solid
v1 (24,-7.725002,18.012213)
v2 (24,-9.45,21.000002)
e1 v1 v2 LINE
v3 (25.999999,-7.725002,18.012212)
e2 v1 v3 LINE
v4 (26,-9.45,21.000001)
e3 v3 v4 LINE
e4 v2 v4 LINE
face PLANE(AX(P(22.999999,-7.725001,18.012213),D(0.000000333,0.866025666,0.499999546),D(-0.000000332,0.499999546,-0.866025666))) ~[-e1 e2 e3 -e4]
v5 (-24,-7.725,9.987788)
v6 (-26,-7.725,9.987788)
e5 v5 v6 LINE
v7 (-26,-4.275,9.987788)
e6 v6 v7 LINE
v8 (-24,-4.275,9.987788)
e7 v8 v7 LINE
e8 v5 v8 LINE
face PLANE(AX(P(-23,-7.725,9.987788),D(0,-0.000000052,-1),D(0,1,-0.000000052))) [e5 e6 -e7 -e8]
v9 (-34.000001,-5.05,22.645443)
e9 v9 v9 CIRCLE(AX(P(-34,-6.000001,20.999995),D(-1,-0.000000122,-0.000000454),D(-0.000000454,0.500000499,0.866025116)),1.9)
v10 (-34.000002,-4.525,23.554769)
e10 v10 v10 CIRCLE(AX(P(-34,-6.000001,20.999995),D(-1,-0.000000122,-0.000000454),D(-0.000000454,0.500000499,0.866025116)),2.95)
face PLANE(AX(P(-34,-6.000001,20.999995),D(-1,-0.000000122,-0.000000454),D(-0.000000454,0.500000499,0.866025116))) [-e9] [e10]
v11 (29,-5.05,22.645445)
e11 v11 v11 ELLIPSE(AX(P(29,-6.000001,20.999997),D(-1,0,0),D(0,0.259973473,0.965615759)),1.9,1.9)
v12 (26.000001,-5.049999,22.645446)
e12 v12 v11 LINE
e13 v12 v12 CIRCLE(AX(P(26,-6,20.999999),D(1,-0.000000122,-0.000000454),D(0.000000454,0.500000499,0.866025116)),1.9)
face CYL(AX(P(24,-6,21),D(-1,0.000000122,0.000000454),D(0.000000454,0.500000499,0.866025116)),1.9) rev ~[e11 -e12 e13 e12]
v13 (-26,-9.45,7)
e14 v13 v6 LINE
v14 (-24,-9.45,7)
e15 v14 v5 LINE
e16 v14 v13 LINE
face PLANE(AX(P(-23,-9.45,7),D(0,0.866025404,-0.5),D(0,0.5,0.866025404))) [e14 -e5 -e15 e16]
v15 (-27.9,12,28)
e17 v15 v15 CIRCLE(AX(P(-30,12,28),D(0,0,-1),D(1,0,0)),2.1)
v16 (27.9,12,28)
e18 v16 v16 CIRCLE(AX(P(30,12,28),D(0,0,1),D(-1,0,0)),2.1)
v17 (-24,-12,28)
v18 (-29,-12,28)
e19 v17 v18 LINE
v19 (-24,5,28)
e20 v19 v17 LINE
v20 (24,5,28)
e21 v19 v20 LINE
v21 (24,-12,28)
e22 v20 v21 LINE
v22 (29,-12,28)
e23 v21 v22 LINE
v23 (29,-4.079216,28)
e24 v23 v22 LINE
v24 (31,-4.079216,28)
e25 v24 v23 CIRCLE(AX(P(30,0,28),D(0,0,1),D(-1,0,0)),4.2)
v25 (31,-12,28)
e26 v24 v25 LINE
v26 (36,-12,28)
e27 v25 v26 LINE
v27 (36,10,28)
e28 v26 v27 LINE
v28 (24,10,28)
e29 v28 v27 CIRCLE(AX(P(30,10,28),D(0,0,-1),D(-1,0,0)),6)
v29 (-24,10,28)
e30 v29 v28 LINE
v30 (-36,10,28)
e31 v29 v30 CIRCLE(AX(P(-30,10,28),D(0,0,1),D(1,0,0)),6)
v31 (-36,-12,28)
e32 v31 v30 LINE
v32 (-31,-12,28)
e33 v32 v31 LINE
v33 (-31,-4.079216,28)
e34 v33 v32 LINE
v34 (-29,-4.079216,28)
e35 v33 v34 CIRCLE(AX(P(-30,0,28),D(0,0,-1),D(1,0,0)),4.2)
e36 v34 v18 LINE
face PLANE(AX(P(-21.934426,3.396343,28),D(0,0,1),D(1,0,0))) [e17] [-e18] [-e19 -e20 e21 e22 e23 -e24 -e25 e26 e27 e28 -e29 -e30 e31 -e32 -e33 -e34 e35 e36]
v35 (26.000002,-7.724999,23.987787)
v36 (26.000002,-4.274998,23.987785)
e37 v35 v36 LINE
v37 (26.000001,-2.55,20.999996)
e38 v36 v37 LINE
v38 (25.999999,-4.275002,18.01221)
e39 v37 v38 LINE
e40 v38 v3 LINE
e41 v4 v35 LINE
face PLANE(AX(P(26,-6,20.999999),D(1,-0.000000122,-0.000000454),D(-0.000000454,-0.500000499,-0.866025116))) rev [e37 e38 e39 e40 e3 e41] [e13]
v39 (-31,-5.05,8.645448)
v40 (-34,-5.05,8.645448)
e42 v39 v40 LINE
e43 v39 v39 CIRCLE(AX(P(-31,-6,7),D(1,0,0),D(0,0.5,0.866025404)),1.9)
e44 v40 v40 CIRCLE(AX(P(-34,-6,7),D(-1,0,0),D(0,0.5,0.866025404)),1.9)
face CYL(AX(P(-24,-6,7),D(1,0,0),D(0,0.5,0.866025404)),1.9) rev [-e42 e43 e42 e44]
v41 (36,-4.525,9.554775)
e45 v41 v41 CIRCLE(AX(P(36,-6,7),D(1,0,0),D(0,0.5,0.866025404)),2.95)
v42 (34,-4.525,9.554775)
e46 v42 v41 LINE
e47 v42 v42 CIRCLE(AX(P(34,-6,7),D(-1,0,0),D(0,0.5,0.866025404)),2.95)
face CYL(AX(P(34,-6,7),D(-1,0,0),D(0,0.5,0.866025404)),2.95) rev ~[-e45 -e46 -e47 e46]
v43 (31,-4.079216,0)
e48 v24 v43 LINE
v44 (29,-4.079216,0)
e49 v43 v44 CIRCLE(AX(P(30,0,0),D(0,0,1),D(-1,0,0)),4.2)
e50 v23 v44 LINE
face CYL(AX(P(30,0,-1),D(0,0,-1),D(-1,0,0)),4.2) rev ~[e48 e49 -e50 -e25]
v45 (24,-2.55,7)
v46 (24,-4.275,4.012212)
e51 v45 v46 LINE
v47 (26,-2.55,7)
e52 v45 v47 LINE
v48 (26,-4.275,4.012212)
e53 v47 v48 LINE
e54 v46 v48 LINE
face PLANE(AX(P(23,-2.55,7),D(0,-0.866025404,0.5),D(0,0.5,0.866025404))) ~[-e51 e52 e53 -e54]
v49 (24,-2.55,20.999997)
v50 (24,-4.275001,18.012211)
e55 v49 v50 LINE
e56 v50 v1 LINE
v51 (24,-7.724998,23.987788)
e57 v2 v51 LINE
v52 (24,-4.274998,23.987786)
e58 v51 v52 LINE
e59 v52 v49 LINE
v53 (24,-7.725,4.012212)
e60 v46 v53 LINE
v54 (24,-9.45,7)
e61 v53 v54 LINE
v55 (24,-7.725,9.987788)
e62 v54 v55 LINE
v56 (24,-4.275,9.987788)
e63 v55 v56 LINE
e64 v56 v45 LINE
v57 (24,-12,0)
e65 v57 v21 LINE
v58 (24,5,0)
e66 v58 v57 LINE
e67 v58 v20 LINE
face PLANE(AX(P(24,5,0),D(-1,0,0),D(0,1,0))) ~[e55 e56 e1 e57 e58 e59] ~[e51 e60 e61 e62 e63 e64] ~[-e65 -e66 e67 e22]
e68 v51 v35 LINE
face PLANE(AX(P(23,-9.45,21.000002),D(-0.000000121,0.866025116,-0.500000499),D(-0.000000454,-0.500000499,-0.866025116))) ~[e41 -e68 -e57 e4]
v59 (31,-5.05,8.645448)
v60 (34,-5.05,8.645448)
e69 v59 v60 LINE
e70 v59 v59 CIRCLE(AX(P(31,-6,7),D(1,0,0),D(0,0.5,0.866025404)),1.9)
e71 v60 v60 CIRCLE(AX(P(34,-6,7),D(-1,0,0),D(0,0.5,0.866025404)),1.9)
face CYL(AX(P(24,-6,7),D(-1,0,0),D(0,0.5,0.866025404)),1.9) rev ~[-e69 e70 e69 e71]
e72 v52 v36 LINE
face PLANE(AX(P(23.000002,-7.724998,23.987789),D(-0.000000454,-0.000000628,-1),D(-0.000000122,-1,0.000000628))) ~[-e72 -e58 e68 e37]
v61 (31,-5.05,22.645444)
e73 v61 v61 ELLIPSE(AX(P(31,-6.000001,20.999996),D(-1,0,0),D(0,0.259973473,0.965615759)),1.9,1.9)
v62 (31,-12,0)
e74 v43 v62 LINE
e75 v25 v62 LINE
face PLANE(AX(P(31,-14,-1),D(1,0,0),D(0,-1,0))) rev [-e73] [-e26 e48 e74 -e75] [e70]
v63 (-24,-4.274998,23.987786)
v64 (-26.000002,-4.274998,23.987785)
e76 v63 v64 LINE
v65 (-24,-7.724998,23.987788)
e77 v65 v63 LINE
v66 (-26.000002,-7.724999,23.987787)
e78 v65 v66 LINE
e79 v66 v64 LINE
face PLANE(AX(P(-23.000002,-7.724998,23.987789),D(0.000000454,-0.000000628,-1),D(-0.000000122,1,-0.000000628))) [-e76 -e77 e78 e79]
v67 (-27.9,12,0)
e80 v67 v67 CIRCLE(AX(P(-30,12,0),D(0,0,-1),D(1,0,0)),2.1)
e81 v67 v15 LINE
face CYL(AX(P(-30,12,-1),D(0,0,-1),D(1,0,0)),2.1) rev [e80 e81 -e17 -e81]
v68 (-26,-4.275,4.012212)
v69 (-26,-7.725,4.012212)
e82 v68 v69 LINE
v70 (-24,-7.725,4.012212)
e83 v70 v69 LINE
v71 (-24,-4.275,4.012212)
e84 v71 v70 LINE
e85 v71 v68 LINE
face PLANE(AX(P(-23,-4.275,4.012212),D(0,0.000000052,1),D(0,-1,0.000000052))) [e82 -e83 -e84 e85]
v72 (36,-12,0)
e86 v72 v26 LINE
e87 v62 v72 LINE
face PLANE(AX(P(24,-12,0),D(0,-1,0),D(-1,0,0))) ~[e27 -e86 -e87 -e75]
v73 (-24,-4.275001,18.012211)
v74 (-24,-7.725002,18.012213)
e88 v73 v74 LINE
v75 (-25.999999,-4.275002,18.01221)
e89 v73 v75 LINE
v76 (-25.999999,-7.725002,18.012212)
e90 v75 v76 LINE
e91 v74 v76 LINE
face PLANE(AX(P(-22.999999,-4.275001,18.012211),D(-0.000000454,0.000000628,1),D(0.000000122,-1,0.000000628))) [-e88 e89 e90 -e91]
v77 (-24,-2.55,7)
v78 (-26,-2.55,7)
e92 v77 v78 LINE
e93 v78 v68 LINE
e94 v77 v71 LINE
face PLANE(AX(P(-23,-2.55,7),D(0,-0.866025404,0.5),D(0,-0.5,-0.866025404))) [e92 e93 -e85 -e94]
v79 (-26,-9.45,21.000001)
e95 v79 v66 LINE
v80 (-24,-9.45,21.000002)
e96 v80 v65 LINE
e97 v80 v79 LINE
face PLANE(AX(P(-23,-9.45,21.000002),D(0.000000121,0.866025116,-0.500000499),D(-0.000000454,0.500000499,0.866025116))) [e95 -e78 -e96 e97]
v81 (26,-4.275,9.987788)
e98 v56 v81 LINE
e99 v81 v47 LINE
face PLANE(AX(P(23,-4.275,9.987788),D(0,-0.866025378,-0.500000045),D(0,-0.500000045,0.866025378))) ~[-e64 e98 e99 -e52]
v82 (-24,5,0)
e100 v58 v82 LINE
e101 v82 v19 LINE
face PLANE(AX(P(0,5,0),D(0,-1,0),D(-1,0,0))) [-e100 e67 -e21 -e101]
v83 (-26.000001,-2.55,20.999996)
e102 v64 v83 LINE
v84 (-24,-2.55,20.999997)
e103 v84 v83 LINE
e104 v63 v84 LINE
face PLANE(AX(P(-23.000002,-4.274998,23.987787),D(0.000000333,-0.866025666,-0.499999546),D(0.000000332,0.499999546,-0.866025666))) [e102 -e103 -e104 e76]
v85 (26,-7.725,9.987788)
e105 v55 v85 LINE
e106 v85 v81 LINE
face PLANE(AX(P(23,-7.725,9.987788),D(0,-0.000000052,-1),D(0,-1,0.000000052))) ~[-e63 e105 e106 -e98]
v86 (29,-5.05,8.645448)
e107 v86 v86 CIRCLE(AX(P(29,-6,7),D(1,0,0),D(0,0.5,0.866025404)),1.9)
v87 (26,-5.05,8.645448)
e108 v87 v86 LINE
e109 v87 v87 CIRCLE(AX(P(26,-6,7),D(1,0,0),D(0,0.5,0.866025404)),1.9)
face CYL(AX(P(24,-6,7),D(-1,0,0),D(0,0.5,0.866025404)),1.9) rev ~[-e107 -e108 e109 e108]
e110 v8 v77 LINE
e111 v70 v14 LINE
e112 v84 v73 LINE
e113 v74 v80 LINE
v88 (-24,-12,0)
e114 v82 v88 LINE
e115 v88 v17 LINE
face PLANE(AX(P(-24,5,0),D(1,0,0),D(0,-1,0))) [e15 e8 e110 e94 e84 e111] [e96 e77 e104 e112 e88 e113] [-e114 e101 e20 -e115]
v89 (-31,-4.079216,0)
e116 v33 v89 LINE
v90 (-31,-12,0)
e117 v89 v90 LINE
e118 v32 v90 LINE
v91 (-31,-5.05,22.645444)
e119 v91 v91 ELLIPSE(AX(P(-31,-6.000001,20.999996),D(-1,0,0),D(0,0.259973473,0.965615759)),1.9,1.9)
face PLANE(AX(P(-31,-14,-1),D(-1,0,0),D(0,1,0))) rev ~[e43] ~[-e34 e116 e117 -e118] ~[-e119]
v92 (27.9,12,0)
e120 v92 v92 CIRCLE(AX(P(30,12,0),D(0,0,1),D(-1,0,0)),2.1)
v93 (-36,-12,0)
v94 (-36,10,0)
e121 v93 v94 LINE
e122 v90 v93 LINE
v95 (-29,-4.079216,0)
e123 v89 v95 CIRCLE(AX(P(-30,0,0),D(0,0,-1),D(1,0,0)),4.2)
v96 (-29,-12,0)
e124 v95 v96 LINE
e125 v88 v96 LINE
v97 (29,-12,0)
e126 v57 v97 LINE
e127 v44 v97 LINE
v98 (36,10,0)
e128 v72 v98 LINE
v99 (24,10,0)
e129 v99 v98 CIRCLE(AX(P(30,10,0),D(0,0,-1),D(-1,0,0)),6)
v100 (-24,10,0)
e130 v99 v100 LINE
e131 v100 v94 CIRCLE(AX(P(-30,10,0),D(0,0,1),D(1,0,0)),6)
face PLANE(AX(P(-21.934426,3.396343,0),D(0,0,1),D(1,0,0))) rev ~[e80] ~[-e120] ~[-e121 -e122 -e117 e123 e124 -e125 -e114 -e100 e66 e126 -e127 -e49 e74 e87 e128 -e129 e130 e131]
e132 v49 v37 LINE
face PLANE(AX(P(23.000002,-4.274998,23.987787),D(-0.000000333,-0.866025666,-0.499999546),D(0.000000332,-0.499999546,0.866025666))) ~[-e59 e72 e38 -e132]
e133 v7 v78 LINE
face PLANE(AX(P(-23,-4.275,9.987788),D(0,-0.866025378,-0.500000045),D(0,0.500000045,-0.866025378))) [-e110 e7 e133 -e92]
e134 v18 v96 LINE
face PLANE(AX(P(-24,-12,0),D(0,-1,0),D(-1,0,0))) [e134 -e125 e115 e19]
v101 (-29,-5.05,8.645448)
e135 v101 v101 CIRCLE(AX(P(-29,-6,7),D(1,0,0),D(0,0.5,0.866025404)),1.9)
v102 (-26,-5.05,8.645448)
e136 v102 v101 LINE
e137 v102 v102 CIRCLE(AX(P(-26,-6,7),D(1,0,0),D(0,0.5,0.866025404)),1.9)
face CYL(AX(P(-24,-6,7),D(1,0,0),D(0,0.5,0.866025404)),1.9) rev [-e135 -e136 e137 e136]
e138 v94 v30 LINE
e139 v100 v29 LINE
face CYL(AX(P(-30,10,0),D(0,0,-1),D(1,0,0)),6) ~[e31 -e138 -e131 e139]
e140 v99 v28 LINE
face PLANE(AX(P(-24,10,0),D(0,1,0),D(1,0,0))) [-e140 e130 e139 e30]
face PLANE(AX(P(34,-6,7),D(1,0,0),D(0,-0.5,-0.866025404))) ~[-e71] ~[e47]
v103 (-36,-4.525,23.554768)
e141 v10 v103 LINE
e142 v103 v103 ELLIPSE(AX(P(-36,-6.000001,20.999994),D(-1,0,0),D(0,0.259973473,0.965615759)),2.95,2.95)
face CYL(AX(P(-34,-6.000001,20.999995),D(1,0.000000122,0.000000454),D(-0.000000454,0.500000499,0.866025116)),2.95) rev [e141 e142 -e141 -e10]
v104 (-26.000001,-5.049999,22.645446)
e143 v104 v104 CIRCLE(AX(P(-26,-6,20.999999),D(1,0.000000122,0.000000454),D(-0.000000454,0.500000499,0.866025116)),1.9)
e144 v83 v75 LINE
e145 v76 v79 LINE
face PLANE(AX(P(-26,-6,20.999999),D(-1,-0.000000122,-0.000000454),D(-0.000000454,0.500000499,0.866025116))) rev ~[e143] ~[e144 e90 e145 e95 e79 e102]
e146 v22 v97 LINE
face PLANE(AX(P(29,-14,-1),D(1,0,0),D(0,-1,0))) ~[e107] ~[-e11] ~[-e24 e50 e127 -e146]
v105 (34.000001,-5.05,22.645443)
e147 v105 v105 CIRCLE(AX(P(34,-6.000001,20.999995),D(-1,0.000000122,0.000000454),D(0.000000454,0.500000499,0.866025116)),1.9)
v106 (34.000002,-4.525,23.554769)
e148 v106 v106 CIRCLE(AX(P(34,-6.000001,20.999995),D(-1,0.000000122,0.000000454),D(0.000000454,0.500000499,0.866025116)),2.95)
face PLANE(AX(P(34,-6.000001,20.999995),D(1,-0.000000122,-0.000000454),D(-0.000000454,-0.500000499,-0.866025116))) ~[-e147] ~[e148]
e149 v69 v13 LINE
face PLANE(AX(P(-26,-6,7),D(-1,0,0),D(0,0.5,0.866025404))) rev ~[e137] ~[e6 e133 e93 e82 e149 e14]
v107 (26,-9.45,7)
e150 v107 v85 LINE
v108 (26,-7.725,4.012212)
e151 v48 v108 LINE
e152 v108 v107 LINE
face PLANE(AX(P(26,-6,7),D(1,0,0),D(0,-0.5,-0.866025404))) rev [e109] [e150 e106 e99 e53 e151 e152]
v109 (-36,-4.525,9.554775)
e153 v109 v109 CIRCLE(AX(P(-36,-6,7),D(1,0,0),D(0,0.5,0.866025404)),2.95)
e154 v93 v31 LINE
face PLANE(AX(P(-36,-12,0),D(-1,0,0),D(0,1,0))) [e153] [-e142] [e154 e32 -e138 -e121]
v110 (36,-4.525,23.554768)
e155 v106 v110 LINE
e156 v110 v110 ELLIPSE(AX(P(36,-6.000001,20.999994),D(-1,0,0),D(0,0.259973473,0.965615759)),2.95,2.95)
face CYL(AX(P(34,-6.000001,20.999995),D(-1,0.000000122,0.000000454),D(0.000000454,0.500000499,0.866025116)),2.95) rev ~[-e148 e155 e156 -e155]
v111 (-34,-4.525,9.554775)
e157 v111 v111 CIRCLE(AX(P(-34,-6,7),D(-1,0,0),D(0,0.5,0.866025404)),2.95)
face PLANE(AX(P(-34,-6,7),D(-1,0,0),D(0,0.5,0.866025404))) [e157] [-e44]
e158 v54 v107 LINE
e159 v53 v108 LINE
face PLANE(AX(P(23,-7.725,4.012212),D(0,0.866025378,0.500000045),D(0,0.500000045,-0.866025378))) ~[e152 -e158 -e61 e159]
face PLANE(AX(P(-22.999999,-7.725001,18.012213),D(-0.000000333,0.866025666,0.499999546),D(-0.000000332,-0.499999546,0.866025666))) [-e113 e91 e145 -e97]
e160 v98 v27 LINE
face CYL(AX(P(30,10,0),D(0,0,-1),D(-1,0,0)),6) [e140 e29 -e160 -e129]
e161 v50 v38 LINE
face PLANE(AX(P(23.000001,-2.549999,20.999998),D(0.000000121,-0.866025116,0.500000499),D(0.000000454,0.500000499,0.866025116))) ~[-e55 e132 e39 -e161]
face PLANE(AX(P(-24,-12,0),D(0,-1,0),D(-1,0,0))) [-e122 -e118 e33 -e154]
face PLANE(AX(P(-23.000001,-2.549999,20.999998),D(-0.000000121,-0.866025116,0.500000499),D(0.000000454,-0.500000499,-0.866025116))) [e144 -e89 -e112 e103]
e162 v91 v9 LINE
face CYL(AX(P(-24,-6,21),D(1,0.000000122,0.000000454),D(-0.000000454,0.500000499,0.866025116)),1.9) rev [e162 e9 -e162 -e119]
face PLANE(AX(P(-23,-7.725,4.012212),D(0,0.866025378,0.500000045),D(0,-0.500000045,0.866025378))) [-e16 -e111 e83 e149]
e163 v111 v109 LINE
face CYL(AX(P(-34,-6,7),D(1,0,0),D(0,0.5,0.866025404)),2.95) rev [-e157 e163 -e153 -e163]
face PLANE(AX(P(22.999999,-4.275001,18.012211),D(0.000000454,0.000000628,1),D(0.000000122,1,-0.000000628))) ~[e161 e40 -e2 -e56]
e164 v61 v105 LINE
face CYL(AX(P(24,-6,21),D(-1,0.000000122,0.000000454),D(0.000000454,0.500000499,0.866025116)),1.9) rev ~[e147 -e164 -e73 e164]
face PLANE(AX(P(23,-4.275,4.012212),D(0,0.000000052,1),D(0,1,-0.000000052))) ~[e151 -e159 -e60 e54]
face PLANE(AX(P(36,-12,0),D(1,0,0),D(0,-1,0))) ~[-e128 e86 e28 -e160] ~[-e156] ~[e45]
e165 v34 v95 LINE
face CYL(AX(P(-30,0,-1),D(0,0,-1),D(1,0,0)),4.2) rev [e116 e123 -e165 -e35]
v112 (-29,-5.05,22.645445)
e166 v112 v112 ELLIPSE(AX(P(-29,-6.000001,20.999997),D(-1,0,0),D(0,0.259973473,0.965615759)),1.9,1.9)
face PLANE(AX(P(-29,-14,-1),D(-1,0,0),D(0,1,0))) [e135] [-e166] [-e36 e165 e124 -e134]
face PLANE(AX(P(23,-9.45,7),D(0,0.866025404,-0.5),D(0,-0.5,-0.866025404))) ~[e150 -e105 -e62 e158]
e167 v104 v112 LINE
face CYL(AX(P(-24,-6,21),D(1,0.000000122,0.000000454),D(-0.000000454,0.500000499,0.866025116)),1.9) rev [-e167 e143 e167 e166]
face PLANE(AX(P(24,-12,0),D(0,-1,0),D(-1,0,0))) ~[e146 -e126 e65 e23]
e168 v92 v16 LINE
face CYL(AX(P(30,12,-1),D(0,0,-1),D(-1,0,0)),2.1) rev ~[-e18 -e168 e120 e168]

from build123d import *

# Parameters (mm, degrees)
CYLINDER001_R          = 2.1
CYLINDER001_DEPTH      = 30
CYLINDER003_R          = 2.95
CYLINDER003_DEPTH      = 4
CYLINDER002_R          = 1.9
CYLINDER002_DEPTH      = 10
PRISM_DEPTH            = 3
FUSION_ROLL_ANGLE      = -90
FUSION_PITCH_ANGLE     = -60
FUSION_PLACEMENT_ANGLE = 90
CLONE_ROLL_ANGLE       = -3.3e-05
CLONE_PITCH_ANGLE      = -2.6e-05
CLONE_PLACEMENT_ANGLE  = 7e-06
SKETCH001_W            = 2
SKETCH001_H            = 14
PAD001_DEPTH           = 30
CYLINDER_R             = 4.2
CYLINDER_DEPTH         = 30
PAD_DEPTH              = 28


with BuildPart() as top_screw_cut:
    # Cylinder001 → Cylinder001 (new body)
    with BuildSketch(Plane(origin=(-30, 12, -1), x_dir=(1, 0, 0), z_dir=(0, 0, 1))):
        Circle(CYLINDER001_R)
    extrude(amount=CYLINDER001_DEPTH)


with BuildPart() as cylinder001:
    # Cylinder003 → Cylinder003 (new body)
    with BuildSketch(Plane.XY.offset(10)):
        Circle(CYLINDER003_R)
    extrude(amount=CYLINDER003_DEPTH)


with BuildPart() as cylinder:
    # Cylinder002 → Cylinder002 (new body)
    with BuildSketch(Plane.XY):
        Circle(CYLINDER002_R)
    extrude(amount=CYLINDER002_DEPTH)


with BuildPart() as fusion:
    # Prism → Prism (new body)
    with BuildSketch(Plane.XY.offset(-1)):
        Polygon((3.45, 0), (1.725, 2.987788), (-1.725, 2.987788), (-3.45, 0), (-1.725, -2.987788), (1.725, -2.987788), align=None)
    extrude(amount=PRISM_DEPTH)

    # Fusion: union Cylinder001, Cylinder
    add(cylinder001.part)
    add(cylinder.part)


with BuildPart() as fusion_1:
    # Fusion roll: moved
    add(fusion.part.rotate(Axis((0, 0, 0), (1, 0, 0)), FUSION_ROLL_ANGLE))


with BuildPart() as fusion_2:
    # Fusion pitch: moved
    add(fusion_1.part.rotate(Axis((0, 0, 0), (0, 1, 0)), FUSION_PITCH_ANGLE))


with BuildPart() as fusion_3:
    # Fusion placement: moved
    add(fusion_2.part.moved(Location((-24, -6, 7))).rotate(Axis((-24, -6, 7), (0, 0, 1)), FUSION_PLACEMENT_ANGLE))


with BuildPart() as clamps_screw_cut:
    # Clone base: copy of Fusion
    add(fusion_3.part)


with BuildPart() as clamps_screw_cut_1:
    # Clone roll: moved
    add(clamps_screw_cut.part.rotate(Axis((0, 0, 0), (1, 0, 0)), CLONE_ROLL_ANGLE))


with BuildPart() as clamps_screw_cut_2:
    # Clone pitch: moved
    add(clamps_screw_cut_1.part.rotate(Axis((0, 0, 0), (0, 1, 0)), CLONE_PITCH_ANGLE))


with BuildPart() as clamps_screw_cut_3:
    # Clone placement: moved
    add(clamps_screw_cut_2.part.moved(Location((2e-06, -1e-06, 14.000007))).rotate(Axis((2e-06, -1e-06, 14.000007), (0, 0, 1)), CLONE_PLACEMENT_ANGLE))

    # Fusion001: union Fusion
    add(fusion_3.part)


with BuildPart() as clamps_relief_cut:
    # Sketch001 → Pad001 (new body)
    with BuildSketch(Plane.XY.offset(-1)):
        with Locations((-30, -7)):
            Rectangle(SKETCH001_W, SKETCH001_H)
    extrude(amount=PAD001_DEPTH)


with BuildPart() as fusion002:
    # Cylinder → Cylinder (new body)
    with BuildSketch(Plane(origin=(-30, 0, -1), x_dir=(1, 0, 0), z_dir=(0, 0, 1))):
        Circle(CYLINDER_R)
    extrude(amount=CYLINDER_DEPTH)

    # Fusion002: union Top_screw_cut, Clamps_Screw_cut, Clamps_Relief_cut
    add(top_screw_cut.part)
    add(clamps_screw_cut_3.part)
    add(clamps_relief_cut.part)


with BuildPart() as cut:
    # Sketch → Pad (new body)
    with BuildSketch(Plane.XY):
        with BuildLine():
            ThreePointArc((-24, 10), (-30, 16), (-36, 10))
            Line((-36, -12), (-36, 10))
            Line((-24, -12), (-36, -12))
            Line((-24, 5), (-24, -12))
            Line((0, 5), (-24, 5))
            Line((0, 10), (0, 5))
            Line((-24, 10), (0, 10))
        make_face()
    extrude(amount=PAD_DEPTH)

    # Cut: cut Fusion002
    add(fusion002.part, mode=Mode.SUBTRACT)


with BuildPart() as fusion003:
    # Part__Mirroring: instance of Cut
    add(cut.part.mirror(Plane(origin=(0, 0, 0), x_dir=(0, -1, 0), z_dir=(1, 0, 0))))

    # Fusion003: union Cut
    add(cut.part)


solid = fusion003.part
